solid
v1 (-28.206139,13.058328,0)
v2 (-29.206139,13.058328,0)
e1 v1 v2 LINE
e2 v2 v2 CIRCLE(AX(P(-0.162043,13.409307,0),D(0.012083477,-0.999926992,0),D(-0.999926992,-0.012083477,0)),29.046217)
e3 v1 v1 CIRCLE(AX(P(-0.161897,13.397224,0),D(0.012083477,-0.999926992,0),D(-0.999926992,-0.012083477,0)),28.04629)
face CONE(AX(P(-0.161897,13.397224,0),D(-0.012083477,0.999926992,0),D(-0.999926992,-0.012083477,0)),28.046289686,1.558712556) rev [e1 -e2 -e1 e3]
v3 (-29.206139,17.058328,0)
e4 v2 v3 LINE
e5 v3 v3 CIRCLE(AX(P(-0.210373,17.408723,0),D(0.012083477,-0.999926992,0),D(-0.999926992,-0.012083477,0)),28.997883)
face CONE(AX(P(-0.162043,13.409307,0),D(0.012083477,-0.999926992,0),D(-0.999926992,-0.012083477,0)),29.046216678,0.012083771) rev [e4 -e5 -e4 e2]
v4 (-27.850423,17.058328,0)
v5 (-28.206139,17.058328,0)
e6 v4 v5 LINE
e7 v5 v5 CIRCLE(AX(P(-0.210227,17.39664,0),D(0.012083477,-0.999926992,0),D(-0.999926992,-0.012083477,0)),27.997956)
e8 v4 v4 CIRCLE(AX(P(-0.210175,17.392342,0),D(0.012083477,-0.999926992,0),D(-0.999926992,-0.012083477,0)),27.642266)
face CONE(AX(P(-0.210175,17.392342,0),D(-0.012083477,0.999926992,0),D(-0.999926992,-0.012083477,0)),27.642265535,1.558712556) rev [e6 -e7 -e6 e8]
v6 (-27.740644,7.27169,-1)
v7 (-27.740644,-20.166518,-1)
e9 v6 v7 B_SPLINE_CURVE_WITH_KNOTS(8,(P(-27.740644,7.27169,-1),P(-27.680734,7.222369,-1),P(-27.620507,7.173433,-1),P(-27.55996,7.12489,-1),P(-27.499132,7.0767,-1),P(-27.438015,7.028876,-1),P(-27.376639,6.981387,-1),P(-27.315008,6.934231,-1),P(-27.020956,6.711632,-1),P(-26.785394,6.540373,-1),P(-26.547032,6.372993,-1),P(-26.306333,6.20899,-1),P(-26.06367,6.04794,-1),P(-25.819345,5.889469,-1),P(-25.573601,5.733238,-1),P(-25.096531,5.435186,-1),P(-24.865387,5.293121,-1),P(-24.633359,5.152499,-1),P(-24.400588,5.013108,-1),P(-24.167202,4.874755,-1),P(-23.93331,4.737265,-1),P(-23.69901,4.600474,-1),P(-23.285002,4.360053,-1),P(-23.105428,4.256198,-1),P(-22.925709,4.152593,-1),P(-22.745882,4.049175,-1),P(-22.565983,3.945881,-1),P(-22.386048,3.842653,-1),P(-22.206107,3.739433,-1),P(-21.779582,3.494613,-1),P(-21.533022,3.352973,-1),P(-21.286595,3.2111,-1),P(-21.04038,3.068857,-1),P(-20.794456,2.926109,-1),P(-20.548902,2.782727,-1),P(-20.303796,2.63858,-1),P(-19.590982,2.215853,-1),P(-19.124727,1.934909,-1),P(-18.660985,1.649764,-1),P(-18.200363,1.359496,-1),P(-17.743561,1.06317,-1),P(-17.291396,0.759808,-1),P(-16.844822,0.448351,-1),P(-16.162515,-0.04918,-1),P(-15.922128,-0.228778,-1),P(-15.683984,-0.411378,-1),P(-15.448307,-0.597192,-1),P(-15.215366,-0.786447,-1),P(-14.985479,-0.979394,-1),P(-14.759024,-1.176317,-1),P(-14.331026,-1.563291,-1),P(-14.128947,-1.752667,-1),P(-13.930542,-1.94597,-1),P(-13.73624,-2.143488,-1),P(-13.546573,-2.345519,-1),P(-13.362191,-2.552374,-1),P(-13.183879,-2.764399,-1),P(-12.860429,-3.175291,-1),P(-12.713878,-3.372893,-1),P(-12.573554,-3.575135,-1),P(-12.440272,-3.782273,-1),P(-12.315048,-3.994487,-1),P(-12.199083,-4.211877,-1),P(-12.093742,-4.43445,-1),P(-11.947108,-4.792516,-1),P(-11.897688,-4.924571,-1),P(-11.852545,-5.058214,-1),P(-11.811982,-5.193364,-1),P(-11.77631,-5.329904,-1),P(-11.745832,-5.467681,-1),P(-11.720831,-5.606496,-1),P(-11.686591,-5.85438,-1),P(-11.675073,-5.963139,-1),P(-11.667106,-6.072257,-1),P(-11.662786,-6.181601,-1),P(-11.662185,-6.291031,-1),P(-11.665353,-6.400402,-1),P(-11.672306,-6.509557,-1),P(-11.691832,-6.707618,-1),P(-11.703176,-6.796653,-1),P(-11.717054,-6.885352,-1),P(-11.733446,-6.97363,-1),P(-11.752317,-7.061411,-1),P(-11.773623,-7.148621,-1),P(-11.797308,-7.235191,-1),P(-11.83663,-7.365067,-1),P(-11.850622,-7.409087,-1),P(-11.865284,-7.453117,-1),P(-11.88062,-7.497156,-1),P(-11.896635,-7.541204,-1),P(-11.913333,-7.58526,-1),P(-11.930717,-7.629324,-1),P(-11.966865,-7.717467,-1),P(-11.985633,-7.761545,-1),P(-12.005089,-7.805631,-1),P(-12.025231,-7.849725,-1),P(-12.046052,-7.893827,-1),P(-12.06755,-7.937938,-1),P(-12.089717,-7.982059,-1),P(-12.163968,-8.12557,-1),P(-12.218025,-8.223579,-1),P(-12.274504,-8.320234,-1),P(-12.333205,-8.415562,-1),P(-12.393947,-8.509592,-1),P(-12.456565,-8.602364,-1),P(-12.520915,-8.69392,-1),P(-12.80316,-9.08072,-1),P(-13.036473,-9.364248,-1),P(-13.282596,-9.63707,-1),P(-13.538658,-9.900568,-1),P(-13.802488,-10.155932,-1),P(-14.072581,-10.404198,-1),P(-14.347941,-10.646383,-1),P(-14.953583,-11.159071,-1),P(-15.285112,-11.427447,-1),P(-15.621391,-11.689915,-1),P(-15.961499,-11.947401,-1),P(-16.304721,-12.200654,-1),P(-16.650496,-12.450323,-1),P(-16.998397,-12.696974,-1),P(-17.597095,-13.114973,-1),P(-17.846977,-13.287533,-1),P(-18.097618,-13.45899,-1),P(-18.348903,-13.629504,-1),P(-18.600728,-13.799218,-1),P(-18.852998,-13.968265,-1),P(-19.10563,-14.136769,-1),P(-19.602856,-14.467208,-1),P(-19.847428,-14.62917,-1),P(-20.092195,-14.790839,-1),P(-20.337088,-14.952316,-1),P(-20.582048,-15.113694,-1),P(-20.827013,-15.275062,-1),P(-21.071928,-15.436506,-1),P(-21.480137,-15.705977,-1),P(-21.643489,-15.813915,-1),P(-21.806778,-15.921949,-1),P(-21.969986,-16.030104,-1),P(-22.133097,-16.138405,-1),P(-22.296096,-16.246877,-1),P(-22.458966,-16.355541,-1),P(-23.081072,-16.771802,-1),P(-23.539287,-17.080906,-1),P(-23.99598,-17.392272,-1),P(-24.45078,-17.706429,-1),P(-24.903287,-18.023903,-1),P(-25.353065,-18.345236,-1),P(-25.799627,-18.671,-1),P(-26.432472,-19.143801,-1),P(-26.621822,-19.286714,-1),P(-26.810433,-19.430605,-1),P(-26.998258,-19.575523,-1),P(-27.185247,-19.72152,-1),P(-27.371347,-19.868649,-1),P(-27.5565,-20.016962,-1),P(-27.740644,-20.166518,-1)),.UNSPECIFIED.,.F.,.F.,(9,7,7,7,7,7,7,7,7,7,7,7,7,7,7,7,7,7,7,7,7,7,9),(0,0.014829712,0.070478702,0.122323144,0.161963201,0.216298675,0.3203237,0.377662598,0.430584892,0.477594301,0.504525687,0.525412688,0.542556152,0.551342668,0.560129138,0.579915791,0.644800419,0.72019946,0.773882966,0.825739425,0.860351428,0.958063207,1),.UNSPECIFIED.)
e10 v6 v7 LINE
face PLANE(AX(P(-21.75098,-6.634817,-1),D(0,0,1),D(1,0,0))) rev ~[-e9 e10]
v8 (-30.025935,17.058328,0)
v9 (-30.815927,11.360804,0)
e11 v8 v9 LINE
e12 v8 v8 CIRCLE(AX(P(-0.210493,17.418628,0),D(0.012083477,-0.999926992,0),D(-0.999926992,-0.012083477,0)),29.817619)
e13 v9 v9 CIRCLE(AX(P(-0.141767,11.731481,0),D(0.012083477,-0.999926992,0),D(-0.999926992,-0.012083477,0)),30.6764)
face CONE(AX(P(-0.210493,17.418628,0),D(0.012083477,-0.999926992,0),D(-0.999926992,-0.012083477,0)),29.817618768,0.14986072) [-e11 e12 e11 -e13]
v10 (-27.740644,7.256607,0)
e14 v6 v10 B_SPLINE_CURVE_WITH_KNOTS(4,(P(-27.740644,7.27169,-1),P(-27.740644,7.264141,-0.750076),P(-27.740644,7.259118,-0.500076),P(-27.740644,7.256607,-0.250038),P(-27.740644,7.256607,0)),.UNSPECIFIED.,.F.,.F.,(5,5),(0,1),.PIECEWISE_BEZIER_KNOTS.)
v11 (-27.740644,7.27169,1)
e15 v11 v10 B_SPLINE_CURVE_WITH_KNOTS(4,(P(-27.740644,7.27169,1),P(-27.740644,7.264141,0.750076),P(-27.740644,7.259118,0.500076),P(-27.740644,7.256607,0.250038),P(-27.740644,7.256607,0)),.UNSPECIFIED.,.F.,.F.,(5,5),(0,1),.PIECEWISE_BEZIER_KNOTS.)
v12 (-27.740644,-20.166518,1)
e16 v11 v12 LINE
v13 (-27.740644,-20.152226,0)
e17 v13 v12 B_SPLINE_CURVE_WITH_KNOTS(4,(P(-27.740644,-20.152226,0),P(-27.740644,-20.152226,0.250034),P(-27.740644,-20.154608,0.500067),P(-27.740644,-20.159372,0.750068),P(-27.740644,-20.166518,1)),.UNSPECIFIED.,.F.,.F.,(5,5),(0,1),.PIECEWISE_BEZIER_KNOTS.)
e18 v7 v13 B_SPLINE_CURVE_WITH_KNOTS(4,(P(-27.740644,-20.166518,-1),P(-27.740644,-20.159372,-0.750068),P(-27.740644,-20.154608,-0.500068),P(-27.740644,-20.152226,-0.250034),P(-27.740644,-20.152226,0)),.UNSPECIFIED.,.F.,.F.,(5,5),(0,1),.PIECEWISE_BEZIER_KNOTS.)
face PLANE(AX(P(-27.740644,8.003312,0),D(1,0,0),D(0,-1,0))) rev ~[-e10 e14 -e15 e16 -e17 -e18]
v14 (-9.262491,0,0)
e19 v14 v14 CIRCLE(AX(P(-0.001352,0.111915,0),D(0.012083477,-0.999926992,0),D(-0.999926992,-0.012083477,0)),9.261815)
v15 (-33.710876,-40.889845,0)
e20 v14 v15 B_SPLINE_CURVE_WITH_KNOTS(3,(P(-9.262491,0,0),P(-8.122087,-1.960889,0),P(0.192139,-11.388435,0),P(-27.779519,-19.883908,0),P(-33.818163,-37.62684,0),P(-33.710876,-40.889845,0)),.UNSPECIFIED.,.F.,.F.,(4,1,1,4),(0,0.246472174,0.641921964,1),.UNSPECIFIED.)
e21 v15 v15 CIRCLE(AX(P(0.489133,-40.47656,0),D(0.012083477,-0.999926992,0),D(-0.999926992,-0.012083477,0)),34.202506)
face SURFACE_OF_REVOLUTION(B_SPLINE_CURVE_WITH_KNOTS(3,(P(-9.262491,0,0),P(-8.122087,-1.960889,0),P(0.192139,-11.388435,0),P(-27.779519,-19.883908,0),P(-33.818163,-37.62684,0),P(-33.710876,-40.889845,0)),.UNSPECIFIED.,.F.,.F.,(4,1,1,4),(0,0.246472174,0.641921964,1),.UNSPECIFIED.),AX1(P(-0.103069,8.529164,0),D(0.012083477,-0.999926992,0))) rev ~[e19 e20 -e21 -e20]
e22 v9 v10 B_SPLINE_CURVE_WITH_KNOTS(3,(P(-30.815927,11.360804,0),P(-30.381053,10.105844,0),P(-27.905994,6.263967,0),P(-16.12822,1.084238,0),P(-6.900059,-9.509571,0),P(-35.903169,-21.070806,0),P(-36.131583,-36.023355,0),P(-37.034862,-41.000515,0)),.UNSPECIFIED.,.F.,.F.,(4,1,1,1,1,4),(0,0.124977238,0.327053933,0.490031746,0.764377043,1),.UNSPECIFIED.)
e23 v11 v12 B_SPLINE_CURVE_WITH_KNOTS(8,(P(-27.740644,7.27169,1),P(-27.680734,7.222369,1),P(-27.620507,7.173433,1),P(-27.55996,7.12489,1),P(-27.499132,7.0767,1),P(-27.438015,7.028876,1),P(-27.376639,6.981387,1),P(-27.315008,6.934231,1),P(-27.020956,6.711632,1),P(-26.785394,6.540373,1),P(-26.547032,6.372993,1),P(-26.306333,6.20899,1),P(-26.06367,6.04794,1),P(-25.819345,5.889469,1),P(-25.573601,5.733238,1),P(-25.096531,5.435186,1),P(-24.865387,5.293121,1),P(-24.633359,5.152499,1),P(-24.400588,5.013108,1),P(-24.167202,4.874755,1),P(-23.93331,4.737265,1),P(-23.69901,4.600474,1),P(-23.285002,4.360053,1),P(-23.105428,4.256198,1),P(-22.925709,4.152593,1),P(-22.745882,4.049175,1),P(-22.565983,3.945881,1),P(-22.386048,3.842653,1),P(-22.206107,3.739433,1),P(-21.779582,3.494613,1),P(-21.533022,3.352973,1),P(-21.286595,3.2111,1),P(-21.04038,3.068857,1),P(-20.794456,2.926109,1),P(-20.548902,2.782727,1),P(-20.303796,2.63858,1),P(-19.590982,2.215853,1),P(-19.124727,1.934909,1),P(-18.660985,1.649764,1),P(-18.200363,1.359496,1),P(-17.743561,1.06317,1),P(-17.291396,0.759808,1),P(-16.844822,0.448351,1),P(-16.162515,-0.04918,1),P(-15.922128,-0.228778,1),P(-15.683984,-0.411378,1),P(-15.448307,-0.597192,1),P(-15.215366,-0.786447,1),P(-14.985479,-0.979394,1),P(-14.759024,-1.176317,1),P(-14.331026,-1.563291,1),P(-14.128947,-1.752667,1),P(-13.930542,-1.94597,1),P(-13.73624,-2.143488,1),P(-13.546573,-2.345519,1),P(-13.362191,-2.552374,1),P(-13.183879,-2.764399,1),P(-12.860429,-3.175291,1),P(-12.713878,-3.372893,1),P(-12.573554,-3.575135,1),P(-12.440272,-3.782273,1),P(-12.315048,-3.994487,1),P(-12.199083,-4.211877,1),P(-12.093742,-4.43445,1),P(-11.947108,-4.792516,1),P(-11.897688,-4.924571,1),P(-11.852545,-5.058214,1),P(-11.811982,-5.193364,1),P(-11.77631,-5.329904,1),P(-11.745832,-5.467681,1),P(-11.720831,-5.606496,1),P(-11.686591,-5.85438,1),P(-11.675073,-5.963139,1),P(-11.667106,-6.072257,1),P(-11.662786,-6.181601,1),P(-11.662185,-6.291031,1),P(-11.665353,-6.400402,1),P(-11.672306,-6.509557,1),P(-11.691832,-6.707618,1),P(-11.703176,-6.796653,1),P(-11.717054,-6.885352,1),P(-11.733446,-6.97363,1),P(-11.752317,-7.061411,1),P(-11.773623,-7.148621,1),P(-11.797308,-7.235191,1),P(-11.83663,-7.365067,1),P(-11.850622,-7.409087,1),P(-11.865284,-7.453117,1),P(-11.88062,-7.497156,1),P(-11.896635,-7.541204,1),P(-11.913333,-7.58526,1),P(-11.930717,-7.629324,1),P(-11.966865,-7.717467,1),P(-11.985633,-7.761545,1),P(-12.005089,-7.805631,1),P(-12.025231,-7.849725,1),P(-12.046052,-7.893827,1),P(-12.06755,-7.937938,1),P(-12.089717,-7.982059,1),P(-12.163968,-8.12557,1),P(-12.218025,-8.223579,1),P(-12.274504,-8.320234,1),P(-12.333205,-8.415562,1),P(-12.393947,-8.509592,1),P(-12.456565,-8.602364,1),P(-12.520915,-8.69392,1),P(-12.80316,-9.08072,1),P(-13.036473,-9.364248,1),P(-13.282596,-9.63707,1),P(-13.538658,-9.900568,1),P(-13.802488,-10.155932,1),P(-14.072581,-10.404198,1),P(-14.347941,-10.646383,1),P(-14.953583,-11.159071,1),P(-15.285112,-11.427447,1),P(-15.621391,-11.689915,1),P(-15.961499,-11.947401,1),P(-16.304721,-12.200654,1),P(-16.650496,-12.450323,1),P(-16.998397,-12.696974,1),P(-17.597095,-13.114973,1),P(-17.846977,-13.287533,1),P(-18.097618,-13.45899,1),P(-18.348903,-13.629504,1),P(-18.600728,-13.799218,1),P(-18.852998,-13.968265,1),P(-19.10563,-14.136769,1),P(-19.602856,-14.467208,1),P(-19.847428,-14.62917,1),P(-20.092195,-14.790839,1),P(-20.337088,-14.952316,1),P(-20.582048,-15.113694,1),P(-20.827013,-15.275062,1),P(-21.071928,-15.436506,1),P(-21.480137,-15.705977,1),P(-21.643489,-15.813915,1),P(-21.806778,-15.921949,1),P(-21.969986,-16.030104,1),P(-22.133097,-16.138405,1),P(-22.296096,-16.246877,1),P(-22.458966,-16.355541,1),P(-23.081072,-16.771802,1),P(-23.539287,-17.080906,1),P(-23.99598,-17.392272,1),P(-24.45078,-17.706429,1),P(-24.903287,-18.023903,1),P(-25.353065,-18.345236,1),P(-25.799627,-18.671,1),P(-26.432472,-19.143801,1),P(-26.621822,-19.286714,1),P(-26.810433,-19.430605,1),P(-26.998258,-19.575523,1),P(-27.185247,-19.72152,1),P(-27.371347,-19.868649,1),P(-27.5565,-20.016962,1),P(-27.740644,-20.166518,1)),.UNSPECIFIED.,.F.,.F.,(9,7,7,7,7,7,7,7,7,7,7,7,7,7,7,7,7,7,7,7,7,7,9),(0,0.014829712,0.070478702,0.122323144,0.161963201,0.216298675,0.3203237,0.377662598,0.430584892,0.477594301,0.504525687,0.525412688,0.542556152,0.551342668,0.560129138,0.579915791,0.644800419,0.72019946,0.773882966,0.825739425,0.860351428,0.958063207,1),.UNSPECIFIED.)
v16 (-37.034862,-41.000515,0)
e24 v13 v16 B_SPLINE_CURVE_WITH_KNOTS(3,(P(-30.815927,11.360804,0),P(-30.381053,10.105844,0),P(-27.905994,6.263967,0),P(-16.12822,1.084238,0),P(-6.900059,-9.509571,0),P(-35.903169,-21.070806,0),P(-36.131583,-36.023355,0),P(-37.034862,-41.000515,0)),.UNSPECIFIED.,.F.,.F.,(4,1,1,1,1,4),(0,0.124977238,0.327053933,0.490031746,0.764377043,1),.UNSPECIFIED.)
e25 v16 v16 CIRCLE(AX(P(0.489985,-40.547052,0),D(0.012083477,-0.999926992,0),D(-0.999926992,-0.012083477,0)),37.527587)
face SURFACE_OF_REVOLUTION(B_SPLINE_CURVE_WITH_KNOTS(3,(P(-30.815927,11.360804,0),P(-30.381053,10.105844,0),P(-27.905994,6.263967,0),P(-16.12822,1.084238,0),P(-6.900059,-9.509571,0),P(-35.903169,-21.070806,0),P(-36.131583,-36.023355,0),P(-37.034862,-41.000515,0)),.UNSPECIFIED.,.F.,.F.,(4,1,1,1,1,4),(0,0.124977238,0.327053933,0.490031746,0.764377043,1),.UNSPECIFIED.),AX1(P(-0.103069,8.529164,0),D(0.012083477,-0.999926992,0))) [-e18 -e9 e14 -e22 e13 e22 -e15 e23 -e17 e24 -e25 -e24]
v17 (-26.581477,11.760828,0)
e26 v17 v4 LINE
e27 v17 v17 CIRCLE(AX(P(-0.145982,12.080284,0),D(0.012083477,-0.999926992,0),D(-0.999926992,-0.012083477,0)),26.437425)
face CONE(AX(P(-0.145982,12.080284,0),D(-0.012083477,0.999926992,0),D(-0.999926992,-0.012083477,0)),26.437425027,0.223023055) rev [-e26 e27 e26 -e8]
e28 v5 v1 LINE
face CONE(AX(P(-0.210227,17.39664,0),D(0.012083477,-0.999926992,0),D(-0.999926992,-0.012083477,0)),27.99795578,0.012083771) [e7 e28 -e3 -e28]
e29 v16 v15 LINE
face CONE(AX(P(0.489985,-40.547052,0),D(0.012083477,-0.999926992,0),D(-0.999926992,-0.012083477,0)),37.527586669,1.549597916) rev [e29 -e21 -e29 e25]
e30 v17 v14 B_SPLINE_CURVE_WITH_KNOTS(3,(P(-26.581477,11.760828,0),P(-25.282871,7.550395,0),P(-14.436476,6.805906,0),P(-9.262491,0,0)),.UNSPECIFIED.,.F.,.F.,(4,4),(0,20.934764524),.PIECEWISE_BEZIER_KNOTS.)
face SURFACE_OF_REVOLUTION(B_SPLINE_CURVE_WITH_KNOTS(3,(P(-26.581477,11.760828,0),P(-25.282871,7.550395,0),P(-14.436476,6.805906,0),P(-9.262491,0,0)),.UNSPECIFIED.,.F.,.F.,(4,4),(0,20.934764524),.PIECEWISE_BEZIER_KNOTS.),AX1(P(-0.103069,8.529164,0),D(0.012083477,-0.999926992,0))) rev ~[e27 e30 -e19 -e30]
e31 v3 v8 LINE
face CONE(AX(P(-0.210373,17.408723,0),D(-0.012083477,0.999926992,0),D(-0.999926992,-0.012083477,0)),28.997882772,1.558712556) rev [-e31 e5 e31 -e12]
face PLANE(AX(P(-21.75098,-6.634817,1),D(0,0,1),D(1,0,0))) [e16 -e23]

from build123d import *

# Parameters (mm, degrees)
F3_DEPTH      = 1
F3_DEPTH_BACK = 1


with BuildPart() as f1:
    # F0 (on Top) → F1 (revolve)
    with BuildSketch(Plane.XY):
        with BuildLine():
            Line((-28.2061389536, 13.0583277941), (-29.2061389536, 13.0583277941))
            Line((-29.2061389536, 13.0583277941), (-29.2061389536, 17.0583277941))
            Line((-29.2061389536, 17.0583277941), (-30.0259348005, 17.0583277941))
            Line((-30.0259348005, 17.0583277941), (-30.8159273118, 11.360803619))
            add(Edge.make_bspline(
                [(-30.8159273118, 11.360803619), (-30.3810533386, 10.1058438103), (-27.9059937695, 6.2639666949), (-16.1282197913, 1.0842383083), (-6.9000593404, -9.5095705718), (-35.9031692429, -21.0708061653), (-36.1315833958, -36.0233547762), (-37.0348617435, -41.0005152225)],
                knots=[0, 0, 0, 0, 0.1249772384, 0.3270539328, 0.4900317459, 0.7643770426, 1, 1, 1, 1], degree=3))
            Line((-37.0348617435, -41.0005152225), (-33.710875775, -40.8898448526))
            add(Edge.make_bspline(
                [(-9.2624910176, 0), (-8.1220865055, -1.9608888272), (0.1921393665, -11.3884353454), (-27.7795187486, -19.8839077874), (-33.8181633857, -37.6268399903), (-33.710875775, -40.8898448526)],
                knots=[0, 0, 0, 0, 0.2464721737, 0.6419219639, 1, 1, 1, 1], degree=3))
            add(Edge.make_bspline(
                [(-26.5814773738, 11.7608280852), (-25.2828707379, 7.5503954826), (-14.4364759326, 6.8059060723), (-9.2624910176, 0)],
                knots=[0, 0, 0, 0, 20.9347645236, 20.9347645236, 20.9347645236, 20.9347645236], degree=3))
            Line((-26.5814773738, 11.7608280852), (-27.8504227383, 17.0583277941))
            Line((-27.8504227383, 17.0583277941), (-28.2061389536, 17.0583277941))
            Line((-28.2061389536, 17.0583277941), (-28.2061389536, 13.0583277941))
        make_face()
    revolve(axis=Axis((-0.1030694768, 8.529163897, 0), (0.0120834765, -0.9999269921, 0)))

    # F2 (on Top) → F3 (join, two sides)
    with BuildSketch(Plane.XY) as f3_sk:
        Polygon((-14.7176125178, 0), (-27.740644291, 8.0033121631), (-27.740644291, -21.6357558966), (-9.0885590762, -7.349031046), align=None)
    extrude(amount=-F3_DEPTH)
    extrude(f3_sk.sketch, amount=F3_DEPTH_BACK)


solid = f1.part
